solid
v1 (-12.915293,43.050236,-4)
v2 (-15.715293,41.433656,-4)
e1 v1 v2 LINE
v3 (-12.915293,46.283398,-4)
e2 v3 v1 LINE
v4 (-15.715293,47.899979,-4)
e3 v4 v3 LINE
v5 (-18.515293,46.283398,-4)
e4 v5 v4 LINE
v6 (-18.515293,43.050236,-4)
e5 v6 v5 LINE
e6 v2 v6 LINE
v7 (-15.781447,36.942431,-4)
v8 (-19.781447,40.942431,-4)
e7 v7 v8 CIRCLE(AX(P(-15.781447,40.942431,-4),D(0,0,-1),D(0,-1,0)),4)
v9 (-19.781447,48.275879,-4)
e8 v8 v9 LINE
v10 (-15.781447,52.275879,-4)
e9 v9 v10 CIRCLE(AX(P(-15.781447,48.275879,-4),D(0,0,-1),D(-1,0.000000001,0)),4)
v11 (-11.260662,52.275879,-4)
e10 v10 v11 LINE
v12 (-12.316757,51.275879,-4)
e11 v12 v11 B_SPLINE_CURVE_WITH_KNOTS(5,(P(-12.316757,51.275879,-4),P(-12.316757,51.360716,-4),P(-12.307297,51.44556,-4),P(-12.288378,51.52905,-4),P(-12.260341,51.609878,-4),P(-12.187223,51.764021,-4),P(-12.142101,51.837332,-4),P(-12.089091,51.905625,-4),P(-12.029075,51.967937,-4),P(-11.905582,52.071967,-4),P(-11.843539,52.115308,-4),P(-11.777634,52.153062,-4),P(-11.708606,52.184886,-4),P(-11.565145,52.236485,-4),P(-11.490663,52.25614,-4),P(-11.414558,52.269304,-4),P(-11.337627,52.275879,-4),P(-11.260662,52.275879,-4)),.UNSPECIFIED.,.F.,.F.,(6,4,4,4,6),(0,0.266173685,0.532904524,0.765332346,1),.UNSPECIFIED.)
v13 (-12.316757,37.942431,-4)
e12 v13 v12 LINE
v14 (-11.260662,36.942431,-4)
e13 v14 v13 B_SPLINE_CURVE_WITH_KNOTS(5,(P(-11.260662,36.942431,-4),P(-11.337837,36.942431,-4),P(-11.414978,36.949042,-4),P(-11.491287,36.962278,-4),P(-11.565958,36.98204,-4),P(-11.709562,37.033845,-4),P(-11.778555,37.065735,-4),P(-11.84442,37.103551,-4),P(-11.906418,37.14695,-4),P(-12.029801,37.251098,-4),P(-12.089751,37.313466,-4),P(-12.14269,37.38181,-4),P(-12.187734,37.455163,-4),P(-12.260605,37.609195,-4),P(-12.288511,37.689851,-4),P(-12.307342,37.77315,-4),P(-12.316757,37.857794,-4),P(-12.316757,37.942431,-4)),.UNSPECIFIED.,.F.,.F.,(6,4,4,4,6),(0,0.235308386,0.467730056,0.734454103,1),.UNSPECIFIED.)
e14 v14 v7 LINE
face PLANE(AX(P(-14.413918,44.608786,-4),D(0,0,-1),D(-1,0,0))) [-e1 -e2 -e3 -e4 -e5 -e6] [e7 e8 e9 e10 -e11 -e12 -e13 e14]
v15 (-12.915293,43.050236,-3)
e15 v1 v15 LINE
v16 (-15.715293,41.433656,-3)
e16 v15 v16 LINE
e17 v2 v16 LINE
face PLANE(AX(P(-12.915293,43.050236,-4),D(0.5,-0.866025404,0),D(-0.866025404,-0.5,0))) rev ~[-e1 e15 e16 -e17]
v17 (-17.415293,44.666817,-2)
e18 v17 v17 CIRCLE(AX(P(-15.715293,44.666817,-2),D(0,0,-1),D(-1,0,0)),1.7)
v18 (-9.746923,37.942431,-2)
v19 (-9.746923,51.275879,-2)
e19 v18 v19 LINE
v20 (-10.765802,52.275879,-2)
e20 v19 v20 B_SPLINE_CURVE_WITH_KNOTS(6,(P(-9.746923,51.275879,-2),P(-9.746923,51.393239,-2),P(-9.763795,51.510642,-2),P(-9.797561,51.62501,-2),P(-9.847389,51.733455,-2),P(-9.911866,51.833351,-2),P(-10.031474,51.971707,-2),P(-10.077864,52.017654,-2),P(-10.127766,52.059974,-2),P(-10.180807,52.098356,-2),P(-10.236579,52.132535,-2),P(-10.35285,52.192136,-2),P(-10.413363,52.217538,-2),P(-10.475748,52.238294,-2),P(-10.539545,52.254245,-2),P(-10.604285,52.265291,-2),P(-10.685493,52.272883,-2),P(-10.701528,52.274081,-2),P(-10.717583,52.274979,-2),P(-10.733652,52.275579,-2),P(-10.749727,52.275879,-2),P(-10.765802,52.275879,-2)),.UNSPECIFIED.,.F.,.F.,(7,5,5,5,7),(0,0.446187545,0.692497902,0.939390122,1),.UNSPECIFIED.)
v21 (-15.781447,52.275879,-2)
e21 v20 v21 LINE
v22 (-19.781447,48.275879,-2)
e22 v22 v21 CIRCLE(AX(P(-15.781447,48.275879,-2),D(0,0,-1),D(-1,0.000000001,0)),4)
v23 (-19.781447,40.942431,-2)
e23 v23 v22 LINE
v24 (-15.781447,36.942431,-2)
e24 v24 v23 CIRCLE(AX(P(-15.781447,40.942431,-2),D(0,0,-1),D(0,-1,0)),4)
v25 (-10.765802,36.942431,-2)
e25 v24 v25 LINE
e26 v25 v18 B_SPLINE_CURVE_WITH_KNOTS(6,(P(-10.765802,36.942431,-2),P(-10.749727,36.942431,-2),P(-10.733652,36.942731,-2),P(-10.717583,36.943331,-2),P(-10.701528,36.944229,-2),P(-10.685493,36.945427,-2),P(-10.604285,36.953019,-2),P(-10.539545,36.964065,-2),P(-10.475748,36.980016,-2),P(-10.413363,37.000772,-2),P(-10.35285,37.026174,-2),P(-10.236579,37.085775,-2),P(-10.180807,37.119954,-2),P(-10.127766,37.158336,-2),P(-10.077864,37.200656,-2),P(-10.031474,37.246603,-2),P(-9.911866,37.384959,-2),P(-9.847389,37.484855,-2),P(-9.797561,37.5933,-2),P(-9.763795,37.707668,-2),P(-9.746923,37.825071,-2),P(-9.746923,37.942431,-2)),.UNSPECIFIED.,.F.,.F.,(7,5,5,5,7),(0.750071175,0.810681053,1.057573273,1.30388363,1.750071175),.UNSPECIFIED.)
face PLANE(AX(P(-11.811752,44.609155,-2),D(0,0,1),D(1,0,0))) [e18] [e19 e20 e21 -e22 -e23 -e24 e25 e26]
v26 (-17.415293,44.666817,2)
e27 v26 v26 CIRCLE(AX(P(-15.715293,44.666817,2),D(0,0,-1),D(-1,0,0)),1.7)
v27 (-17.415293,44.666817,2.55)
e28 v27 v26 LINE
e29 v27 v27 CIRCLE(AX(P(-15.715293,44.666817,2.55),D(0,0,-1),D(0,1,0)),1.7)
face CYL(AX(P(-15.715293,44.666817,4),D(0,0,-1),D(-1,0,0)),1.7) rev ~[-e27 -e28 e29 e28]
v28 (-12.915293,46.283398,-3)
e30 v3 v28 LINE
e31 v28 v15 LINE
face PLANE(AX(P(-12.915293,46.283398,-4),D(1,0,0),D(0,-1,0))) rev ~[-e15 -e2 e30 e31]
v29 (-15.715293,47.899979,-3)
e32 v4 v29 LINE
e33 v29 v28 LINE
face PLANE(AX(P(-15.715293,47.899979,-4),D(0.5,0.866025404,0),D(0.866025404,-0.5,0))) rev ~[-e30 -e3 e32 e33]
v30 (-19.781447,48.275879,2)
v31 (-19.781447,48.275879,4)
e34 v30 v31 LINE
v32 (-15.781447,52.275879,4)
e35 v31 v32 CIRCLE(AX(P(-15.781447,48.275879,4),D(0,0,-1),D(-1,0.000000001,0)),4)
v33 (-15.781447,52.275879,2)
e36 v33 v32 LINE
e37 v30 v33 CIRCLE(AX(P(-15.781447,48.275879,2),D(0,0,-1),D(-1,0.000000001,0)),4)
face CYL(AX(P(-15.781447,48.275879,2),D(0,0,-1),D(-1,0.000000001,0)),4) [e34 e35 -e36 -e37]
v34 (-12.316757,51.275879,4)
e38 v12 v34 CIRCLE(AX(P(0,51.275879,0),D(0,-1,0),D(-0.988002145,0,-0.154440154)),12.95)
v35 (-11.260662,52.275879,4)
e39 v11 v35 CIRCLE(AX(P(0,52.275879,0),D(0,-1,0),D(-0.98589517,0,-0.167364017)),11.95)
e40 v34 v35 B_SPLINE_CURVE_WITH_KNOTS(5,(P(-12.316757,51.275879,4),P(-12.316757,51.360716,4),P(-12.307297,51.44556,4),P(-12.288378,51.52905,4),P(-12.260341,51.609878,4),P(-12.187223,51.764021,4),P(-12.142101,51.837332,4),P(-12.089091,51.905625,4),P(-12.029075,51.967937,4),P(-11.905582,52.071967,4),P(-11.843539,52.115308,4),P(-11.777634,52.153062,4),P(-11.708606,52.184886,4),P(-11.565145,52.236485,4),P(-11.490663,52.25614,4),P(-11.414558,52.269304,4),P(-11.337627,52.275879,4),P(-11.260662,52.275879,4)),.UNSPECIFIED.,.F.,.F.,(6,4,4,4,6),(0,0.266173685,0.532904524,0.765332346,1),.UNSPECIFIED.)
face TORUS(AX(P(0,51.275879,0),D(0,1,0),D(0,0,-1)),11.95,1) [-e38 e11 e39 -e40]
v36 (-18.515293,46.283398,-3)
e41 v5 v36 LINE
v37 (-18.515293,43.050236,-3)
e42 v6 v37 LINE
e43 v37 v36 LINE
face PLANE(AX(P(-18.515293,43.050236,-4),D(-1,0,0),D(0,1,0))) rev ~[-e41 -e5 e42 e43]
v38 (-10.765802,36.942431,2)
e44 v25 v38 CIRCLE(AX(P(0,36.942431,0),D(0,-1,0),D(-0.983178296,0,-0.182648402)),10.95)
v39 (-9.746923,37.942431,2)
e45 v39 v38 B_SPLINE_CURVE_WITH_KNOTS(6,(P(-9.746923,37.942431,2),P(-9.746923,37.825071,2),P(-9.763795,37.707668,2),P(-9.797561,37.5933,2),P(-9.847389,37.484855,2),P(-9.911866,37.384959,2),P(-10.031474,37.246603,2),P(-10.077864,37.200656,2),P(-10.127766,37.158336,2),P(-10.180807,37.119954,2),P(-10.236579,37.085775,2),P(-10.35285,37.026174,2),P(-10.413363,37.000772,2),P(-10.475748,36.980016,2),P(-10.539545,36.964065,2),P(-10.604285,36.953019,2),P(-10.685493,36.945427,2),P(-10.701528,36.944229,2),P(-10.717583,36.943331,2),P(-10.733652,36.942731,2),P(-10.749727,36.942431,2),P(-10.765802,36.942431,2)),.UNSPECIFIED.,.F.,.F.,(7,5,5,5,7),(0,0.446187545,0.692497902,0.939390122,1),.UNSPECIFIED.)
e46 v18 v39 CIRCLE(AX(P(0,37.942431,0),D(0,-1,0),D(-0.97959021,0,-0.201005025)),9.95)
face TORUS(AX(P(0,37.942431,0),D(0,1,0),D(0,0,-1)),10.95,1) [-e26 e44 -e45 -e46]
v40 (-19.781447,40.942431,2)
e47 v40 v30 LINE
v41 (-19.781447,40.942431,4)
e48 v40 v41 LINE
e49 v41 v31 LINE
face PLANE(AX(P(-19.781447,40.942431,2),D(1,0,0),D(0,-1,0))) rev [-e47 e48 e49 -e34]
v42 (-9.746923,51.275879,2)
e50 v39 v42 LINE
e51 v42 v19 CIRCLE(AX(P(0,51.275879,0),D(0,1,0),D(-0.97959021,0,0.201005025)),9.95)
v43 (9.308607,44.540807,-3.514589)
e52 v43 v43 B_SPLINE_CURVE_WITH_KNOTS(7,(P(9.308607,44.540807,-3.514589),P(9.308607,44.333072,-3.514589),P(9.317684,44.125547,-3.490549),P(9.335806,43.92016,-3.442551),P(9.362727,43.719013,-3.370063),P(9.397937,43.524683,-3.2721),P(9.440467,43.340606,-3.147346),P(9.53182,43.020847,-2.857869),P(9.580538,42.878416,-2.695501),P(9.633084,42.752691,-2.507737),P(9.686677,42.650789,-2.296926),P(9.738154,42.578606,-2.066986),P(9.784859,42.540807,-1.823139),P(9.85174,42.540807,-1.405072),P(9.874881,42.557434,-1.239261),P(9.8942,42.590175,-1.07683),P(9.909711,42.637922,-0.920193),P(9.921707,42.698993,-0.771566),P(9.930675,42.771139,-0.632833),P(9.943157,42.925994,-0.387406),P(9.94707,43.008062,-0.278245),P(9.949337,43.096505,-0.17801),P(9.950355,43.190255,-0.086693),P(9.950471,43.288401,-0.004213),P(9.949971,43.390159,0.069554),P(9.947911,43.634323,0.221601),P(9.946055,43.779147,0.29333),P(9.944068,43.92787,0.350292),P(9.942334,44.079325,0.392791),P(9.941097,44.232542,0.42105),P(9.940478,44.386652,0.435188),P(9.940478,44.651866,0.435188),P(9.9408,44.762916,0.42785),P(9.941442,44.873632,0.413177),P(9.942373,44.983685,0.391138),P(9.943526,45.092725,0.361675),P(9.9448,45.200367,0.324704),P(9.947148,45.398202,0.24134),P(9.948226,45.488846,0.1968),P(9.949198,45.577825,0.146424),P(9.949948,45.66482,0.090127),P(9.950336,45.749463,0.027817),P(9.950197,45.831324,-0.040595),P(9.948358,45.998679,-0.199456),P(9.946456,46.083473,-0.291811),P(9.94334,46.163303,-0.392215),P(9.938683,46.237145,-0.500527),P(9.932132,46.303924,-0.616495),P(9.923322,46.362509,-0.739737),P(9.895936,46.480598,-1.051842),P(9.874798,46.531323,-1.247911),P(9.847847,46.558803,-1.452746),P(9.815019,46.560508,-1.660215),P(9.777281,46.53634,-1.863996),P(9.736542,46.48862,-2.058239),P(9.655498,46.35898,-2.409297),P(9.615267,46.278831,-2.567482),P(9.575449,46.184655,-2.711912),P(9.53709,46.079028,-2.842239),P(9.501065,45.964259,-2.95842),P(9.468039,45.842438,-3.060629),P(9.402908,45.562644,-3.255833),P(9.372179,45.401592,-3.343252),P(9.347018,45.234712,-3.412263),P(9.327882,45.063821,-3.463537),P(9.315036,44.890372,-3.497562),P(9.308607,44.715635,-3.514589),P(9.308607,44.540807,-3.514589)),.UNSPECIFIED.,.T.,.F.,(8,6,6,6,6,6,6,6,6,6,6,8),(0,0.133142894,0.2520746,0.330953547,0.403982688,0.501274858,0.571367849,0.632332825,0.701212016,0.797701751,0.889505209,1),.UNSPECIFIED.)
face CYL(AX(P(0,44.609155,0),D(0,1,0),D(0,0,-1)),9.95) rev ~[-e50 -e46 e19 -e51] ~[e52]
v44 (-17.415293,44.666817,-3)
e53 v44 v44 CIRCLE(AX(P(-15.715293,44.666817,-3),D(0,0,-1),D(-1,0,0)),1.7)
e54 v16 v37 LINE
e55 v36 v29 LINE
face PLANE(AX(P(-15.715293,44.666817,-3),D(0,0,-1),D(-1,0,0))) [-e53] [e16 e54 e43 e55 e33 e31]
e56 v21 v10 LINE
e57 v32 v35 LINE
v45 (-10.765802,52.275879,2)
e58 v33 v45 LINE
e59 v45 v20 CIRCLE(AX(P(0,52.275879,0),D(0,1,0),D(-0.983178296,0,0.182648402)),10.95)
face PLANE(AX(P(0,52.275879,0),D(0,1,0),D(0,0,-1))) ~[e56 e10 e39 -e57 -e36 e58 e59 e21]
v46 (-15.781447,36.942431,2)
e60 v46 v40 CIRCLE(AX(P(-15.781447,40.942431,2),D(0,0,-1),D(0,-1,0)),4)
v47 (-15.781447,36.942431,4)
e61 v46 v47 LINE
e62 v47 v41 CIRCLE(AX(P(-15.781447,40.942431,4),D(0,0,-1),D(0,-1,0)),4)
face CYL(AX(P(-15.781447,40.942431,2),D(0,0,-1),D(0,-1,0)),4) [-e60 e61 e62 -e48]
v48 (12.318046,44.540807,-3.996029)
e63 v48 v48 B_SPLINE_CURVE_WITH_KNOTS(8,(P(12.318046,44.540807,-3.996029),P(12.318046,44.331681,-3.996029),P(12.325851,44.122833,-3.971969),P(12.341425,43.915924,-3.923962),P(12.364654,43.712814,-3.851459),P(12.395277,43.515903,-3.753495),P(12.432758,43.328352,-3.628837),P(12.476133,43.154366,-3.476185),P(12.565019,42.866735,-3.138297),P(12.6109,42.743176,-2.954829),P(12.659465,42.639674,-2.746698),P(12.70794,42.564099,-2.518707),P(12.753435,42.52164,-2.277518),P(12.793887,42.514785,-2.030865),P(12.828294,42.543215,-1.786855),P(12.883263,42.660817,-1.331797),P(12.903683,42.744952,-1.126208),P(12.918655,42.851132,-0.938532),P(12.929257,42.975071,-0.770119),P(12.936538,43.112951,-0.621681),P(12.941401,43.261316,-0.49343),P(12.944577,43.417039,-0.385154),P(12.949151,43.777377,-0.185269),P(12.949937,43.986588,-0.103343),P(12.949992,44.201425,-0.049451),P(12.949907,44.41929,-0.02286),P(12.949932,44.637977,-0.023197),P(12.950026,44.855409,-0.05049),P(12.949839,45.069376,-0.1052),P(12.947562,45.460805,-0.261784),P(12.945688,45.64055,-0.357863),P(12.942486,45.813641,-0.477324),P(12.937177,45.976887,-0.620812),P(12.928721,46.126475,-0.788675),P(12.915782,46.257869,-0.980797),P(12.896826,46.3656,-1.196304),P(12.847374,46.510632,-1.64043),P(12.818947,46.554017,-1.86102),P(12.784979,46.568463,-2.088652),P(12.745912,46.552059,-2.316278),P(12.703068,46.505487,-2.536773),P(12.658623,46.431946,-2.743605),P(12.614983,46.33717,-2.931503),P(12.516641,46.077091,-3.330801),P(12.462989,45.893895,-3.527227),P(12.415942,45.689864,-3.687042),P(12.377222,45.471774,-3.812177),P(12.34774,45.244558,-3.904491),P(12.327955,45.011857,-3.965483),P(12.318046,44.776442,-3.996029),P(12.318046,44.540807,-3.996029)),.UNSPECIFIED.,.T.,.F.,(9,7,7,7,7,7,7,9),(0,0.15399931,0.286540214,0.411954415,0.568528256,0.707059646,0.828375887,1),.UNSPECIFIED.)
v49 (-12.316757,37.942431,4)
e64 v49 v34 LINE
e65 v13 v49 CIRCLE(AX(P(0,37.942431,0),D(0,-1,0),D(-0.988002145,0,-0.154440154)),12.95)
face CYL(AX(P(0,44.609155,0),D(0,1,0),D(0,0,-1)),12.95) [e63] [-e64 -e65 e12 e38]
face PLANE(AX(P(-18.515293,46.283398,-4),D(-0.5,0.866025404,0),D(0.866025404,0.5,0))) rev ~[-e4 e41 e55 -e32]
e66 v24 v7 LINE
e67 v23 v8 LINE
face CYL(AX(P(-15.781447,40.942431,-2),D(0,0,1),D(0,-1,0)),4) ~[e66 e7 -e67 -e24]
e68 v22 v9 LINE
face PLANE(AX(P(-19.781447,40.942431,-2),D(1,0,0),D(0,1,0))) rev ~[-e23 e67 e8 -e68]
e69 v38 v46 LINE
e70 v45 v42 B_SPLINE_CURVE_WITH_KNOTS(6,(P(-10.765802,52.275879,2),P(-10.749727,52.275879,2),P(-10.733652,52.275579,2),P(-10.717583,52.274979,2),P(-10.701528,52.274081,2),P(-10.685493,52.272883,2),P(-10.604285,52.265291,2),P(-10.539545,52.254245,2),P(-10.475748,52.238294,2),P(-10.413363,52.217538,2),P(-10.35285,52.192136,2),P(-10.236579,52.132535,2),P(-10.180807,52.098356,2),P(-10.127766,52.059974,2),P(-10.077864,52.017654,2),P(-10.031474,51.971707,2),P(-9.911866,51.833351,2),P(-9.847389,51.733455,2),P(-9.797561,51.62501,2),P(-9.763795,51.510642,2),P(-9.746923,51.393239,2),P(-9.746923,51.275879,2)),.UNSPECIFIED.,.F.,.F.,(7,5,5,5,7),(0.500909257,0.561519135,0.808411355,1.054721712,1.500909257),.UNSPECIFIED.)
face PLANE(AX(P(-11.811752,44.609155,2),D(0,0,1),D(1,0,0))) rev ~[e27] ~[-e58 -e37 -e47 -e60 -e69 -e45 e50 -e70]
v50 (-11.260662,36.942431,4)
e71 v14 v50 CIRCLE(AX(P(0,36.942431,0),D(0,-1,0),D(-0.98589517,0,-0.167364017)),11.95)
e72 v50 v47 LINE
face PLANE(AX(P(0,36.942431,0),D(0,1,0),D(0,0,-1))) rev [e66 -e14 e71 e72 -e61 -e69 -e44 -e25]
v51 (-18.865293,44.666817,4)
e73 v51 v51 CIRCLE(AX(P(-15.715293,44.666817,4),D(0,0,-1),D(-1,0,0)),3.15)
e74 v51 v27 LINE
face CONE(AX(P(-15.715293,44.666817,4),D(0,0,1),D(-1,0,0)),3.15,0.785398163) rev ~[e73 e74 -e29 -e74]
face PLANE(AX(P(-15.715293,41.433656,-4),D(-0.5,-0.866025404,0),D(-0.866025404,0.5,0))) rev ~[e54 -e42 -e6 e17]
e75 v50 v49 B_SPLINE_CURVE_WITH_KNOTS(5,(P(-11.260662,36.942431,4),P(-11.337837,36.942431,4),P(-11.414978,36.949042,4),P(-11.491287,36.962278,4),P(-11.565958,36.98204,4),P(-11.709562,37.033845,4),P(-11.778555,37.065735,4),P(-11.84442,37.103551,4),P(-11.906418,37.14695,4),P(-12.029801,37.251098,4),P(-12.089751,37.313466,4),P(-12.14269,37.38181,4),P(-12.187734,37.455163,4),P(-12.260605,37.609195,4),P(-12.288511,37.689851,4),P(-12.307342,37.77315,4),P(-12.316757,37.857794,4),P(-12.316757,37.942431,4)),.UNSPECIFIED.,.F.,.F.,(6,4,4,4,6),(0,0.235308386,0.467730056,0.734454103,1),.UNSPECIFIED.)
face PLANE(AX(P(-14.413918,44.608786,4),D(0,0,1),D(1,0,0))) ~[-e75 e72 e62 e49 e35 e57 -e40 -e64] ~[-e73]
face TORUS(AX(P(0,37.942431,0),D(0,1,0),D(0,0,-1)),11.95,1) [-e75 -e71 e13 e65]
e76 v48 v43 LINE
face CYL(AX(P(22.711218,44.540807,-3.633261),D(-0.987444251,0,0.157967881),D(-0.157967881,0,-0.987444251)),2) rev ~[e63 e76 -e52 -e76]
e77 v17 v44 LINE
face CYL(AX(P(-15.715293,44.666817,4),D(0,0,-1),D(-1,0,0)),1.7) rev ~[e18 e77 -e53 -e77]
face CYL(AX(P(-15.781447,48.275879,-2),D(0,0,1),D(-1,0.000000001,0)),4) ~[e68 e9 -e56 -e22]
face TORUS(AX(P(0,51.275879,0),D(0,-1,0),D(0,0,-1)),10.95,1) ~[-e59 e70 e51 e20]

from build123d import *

# Parameters (mm, degrees)
SKETCH1_W                                       = 3
SKETCH1_H                                       = 15.333447248
FILLET1_R                                       = 1
SKETCH3_W                                       = 5.264666588
SKETCH3_H                                       = 15.659008314
CUT_EXTRUDE1_DEPTH                              = 2
BOSS_EXTRUDE1_START                             = -2
BOSS_EXTRUDE1_DEPTH                             = 2
CSK_FOR_M3_FLAT_HEAD_MACHINE_SCREW1_D           = 3.4
CSK_FOR_M3_FLAT_HEAD_MACHINE_SCREW1_DEPTH       = 10.05
CSK_FOR_M3_FLAT_HEAD_MACHINE_SCREW1_CSINK_D     = 6.3
CSK_FOR_M3_FLAT_HEAD_MACHINE_SCREW1_CSINK_ANGLE = 90
CSK_FOR_M3_FLAT_HEAD_MACHINE_SCREW1_TIP         = 1.021463052
CUT_EXTRUDE2_DEPTH                              = 1
F_4_0MM_DOWEL_HOLE1_D                           = 4
F_4_0MM_DOWEL_HOLE1_DEPTH                       = 10.05
F_4_0MM_DOWEL_HOLE1_TIP                         = 1.201721238


with BuildPart() as part:
    # Sketch1 → Revolve1 (revolve)
    with BuildSketch(Plane.XY, mode=Mode.PRIVATE) as revolve1_sk:
        with Locations((11.45, 44.609155007)):
            Rectangle(SKETCH1_W, SKETCH1_H)
    revolve(revolve1_sk.sketch.rotate(Axis((0, 0, 0), (0, 1, 0)), 90), axis=Axis((0, 0, 0), (0, 1, 0)))

    # Fillet1
    fillet1_edges = [part.edges().sort_by_distance(p)[0] for p in [
        (0, 36.942431383, 12.95),
        (0, 36.942431383, 9.95),
        (0, 52.275878631, 9.95),
        (0, 52.275878631, 12.95),
    ]]
    fillet(fillet1_edges, radius=FILLET1_R)

    # Sketch3 → Cut-Extrude1 (cut, symmetric)
    with BuildSketch(Plane.XY):
        with Locations((-11.811751961, 44.609155007)):
            Rectangle(SKETCH3_W, SKETCH3_H)
    extrude(amount=CUT_EXTRUDE1_DEPTH, both=True, mode=Mode.SUBTRACT)

    # Sketch4 → Boss-Extrude1 (add)
    with BuildSketch(Plane.XY.offset(BOSS_EXTRUDE1_START)):
        with BuildLine():
            Line((-10.765802339, 36.942431383), (-11.78144728, 36.942431383))
            Line((-11.78144728, 36.942431383), (-15.78144728, 36.942431383))
            ThreePointArc((-15.78144728, 36.942431383), (-18.609874404, 38.114004258), (-19.78144728, 40.942431383))
            Line((-19.78144728, 40.942431383), (-19.78144728, 48.275878631))
            ThreePointArc((-19.78144728, 48.275878631), (-18.609874404, 51.104305755), (-15.78144728, 52.275878631))
            Line((-15.78144728, 52.275878631), (-11.78144728, 52.275878631))
            Line((-11.78144728, 52.275878631), (-10.765802339, 52.275878631))
            add(Edge.make_bspline(
                [(-10.765802339, 52.275878631), (-10.500112366, 52.275878631), (-10.238450482, 52.170503321), (-9.953693712, 51.89343795), (-9.877457221, 51.782535359), (-9.774105823, 51.54007732), (-9.746922591, 51.407382002), (-9.746922591, 51.275878631)],
                knots=[0, 0, 0, 0, 0.5, 0.5, 0.75, 0.75, 1, 1, 1, 1], degree=3))
            Line((-9.746922591, 51.275878631), (-9.746922591, 37.942431383))
            add(Edge.make_bspline(
                [(-9.746922591, 37.942431383), (-9.746922591, 37.809588715), (-9.774100223, 37.678218647), (-9.877525583, 37.43564148), (-9.954242105, 37.324386008), (-10.142607782, 37.14101321), (-10.256018848, 37.067252248), (-10.499784937, 36.968574056), (-10.633510954, 36.942431383), (-10.765802339, 36.942431383)],
                knots=[0, 0, 0, 0, 0.25, 0.25, 0.5, 0.5, 0.75, 0.75, 1, 1, 1, 1], degree=3))
        make_face()
    boss_extrude1 = extrude(amount=-BOSS_EXTRUDE1_DEPTH)

    # Mirror1: Boss-Extrude1 across plane
    add(boss_extrude1.mirror(Plane.XY))

    # CSK for M3 Flat Head Machine Screw1
    with Locations(Plane.XY.offset(4)):
        with Locations((-15.715293292, 44.666817053)):
            CounterSinkHole(CSK_FOR_M3_FLAT_HEAD_MACHINE_SCREW1_D / 2, CSK_FOR_M3_FLAT_HEAD_MACHINE_SCREW1_CSINK_D / 2, depth=CSK_FOR_M3_FLAT_HEAD_MACHINE_SCREW1_DEPTH, counter_sink_angle=CSK_FOR_M3_FLAT_HEAD_MACHINE_SCREW1_CSINK_ANGLE)
            with Locations((0, 0, -(CSK_FOR_M3_FLAT_HEAD_MACHINE_SCREW1_DEPTH + CSK_FOR_M3_FLAT_HEAD_MACHINE_SCREW1_TIP / 2))):  # 118° drill point
                Cone(0, CSK_FOR_M3_FLAT_HEAD_MACHINE_SCREW1_D / 2, CSK_FOR_M3_FLAT_HEAD_MACHINE_SCREW1_TIP, mode=Mode.SUBTRACT)

    # Sketch7 → Cut-Extrude2 (cut)
    with BuildSketch(Plane(origin=(0, 0, -4), x_dir=(-1, 0, 0), z_dir=(0, 0, -1))):
        Polygon((15.715293292, 47.89997856), (12.915293292, 46.283397807), (12.915293292, 43.050236299), (15.715293292, 41.433655546), (18.515293292, 43.050236299), (18.515293292, 46.283397807), align=None)
    extrude(amount=-CUT_EXTRUDE2_DEPTH, mode=Mode.SUBTRACT)

    # Ø4.0mm Dowel Hole1
    with Locations(Plane(origin=(12.787403049, 44.540807009, -2.04568406), x_dir=(0.157967881081, 0, 0.987444250855), z_dir=(0.987444250855, 0, -0.157967881081))):
        with Locations((0, 0)):
            Hole(F_4_0MM_DOWEL_HOLE1_D / 2, depth=F_4_0MM_DOWEL_HOLE1_DEPTH)
            with Locations((0, 0, -(F_4_0MM_DOWEL_HOLE1_DEPTH + F_4_0MM_DOWEL_HOLE1_TIP / 2))):  # 118° drill point
                Cone(0, F_4_0MM_DOWEL_HOLE1_D / 2, F_4_0MM_DOWEL_HOLE1_TIP, mode=Mode.SUBTRACT)


solid = part.part
